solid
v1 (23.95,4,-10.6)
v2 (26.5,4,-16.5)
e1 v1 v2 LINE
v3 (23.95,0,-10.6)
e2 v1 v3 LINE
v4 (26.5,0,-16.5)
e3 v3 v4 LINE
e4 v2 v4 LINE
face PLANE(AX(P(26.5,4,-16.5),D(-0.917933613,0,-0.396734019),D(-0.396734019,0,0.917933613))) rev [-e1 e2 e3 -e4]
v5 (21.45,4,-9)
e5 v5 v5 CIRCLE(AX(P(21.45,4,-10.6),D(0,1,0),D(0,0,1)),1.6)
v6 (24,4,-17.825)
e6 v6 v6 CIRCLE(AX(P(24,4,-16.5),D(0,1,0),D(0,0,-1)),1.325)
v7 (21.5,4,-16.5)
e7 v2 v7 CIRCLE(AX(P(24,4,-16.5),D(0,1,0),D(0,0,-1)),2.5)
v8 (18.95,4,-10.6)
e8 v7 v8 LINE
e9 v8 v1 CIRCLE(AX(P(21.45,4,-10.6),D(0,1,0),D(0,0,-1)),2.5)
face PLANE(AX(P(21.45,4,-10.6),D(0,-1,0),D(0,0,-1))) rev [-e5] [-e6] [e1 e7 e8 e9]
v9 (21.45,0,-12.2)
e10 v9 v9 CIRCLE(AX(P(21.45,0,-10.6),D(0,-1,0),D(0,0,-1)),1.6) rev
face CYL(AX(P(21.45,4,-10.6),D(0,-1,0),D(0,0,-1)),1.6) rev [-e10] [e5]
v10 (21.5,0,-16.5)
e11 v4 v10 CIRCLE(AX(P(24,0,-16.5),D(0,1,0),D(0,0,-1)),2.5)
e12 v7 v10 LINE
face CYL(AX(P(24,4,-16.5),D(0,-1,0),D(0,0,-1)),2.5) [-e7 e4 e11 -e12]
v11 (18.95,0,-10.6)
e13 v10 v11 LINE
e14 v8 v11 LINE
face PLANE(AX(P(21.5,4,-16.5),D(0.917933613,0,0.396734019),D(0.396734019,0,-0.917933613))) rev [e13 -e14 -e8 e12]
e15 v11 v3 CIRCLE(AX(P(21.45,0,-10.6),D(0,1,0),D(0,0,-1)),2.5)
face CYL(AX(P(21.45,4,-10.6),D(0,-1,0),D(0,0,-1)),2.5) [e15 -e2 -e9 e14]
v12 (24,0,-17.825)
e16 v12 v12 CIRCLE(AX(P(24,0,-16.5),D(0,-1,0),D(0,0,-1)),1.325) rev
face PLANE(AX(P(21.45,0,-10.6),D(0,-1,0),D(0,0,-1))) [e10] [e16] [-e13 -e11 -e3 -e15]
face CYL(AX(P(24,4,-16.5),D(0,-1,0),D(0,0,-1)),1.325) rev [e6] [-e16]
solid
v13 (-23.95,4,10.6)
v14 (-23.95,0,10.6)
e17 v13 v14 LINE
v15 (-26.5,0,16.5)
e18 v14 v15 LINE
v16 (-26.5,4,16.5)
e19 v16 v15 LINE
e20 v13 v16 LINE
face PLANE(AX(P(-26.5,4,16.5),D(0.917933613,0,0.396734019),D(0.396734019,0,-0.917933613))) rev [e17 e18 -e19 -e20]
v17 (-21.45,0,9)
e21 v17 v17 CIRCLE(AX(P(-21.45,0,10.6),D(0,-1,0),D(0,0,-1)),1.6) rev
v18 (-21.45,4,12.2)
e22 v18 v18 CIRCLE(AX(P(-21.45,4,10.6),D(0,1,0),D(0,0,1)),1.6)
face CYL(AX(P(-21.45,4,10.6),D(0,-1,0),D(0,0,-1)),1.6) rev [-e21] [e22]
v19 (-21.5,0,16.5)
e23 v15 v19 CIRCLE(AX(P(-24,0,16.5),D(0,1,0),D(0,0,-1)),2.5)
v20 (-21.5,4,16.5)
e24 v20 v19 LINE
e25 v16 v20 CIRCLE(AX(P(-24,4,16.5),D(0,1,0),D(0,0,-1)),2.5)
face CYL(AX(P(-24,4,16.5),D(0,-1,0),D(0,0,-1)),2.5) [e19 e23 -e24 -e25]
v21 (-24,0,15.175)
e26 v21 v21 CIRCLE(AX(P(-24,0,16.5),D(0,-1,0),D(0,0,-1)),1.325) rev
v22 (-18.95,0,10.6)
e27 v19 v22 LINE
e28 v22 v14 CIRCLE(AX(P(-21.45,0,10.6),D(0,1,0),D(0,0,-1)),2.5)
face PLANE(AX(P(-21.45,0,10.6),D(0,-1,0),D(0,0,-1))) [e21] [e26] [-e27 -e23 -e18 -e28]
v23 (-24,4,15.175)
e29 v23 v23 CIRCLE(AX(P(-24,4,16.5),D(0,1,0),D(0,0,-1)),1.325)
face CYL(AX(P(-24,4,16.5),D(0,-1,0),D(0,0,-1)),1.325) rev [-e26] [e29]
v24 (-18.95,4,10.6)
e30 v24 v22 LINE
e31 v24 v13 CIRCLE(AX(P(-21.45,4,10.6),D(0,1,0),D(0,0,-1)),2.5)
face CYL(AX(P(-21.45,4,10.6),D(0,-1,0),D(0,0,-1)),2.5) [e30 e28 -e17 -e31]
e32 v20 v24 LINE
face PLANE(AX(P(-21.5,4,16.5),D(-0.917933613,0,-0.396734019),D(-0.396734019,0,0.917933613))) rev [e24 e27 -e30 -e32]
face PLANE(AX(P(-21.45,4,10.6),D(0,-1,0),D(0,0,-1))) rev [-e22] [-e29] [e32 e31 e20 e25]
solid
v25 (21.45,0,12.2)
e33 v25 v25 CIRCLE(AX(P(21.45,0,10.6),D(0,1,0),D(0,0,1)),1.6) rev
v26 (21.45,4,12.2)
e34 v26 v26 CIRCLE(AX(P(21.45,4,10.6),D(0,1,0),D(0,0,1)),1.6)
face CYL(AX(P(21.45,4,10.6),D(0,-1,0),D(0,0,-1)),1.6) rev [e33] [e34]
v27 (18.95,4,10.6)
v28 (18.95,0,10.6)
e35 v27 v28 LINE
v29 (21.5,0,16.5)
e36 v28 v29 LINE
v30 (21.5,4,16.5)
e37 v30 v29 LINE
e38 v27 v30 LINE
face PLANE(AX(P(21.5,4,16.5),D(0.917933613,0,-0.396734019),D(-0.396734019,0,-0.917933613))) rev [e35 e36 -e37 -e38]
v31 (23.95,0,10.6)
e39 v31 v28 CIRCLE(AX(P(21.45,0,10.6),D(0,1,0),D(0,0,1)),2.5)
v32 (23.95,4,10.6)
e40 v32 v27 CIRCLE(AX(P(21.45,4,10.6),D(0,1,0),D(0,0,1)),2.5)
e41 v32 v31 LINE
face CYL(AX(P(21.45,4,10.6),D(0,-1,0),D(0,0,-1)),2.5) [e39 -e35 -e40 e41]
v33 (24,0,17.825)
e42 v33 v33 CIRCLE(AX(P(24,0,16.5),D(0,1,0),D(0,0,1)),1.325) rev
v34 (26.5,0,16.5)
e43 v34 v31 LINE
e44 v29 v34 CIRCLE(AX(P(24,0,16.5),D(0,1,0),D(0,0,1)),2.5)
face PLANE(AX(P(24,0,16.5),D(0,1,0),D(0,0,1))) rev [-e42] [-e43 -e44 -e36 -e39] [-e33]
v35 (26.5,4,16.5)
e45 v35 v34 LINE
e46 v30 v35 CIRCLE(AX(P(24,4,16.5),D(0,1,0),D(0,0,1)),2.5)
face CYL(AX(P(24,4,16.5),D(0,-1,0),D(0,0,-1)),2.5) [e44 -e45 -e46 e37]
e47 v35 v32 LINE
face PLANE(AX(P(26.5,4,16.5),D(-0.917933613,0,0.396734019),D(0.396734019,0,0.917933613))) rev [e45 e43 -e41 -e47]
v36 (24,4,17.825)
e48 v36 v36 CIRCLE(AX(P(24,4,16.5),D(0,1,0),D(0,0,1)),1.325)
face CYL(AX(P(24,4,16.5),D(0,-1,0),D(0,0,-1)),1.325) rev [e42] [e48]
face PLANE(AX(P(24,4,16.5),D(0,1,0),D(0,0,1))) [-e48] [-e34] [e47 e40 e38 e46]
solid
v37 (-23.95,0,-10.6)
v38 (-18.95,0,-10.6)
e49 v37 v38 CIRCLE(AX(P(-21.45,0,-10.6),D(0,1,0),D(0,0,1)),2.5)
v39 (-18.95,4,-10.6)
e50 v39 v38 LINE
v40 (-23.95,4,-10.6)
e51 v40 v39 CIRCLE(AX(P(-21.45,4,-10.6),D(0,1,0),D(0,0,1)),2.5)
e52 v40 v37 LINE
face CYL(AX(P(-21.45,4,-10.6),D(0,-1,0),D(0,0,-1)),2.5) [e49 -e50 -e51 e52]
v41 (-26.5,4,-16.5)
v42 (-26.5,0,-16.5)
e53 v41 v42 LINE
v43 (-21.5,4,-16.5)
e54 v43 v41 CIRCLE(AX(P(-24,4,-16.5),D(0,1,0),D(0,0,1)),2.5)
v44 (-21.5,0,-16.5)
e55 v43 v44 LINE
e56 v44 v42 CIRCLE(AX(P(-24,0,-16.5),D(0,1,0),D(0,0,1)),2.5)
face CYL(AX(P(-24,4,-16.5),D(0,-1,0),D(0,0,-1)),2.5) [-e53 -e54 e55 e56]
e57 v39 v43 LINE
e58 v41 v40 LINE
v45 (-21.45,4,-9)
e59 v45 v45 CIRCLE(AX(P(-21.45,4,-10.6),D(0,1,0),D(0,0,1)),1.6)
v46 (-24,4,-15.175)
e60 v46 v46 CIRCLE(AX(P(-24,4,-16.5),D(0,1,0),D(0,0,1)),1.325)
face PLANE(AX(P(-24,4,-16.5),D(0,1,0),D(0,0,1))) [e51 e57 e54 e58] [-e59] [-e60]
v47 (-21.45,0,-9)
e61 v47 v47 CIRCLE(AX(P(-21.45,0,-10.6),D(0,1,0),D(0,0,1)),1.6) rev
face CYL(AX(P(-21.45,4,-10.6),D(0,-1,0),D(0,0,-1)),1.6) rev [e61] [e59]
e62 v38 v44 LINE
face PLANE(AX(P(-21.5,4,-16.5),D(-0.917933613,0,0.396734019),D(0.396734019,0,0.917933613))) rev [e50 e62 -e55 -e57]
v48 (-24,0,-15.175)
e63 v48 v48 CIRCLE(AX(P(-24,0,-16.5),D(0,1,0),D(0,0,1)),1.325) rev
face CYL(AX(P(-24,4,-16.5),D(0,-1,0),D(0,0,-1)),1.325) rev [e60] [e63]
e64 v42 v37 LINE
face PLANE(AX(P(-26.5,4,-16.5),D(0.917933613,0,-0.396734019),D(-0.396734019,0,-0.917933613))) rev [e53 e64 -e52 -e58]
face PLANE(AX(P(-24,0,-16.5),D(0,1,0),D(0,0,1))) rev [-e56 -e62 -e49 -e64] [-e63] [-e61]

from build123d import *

# Parameters (mm, degrees)
BOSS_EXTRUDE1_DEPTH     = 4
BOSS_EXTRUDE1_2_DEPTH   = 4
BOSS_EXTRUDE1_3_DEPTH   = 4
BOSS_EXTRUDE1_4_DEPTH   = 4
CUT_EXTRUDE1_DEPTH      = 33.851940582
CUT_EXTRUDE1_DEPTH_BACK = 33.851940582
SKETCH1_R               = 1.325
CUT_EXTRUDE2_DEPTH      = 33.851940582
CUT_EXTRUDE2_DEPTH_BACK = 33.851940582
SKETCH4_R               = 1.6


with BuildPart() as part:
    # Sketch5 → Boss-Extrude1 (new body)
    with BuildSketch(Plane(origin=(0, 0, 0), x_dir=(1, 0, 0), z_dir=(0, 1, 0))):
        with BuildLine():
            Line((-26.5, 16.5), (-23.95, 10.6))
            ThreePointArc((-23.95, 10.6), (-21.45, 8.1), (-18.95, 10.6))
            Line((-18.95, 10.6), (-21.5, 16.5))
            ThreePointArc((-21.5, 16.5), (-24, 19), (-26.5, 16.5))
        make_face()
    extrude(amount=BOSS_EXTRUDE1_DEPTH)


with BuildPart() as body_2:
    # Sketch5 → Boss-Extrude1 2 (new body)
    with BuildSketch(Plane(origin=(0, 0, 0), x_dir=(1, 0, 0), z_dir=(0, 1, 0))):
        with BuildLine():
            Line((21.5, 16.5), (18.95, 10.6))
            ThreePointArc((18.95, 10.6), (21.45, 8.1), (23.95, 10.6))
            Line((23.95, 10.6), (26.5, 16.5))
            ThreePointArc((26.5, 16.5), (24, 19), (21.5, 16.5))
        make_face()
    extrude(amount=BOSS_EXTRUDE1_2_DEPTH)


with BuildPart() as body_3:
    # Sketch5 → Boss-Extrude1 3 (new body)
    with BuildSketch(Plane(origin=(0, 0, 0), x_dir=(1, 0, 0), z_dir=(0, 1, 0))):
        with BuildLine():
            Line((26.5, -16.5), (23.95, -10.6))
            ThreePointArc((23.95, -10.6), (21.45, -8.1), (18.95, -10.6))
            Line((18.95, -10.6), (21.5, -16.5))
            ThreePointArc((21.5, -16.5), (24, -19), (26.5, -16.5))
        make_face()
    extrude(amount=BOSS_EXTRUDE1_3_DEPTH)


with BuildPart() as body_4:
    # Sketch5 → Boss-Extrude1 4 (new body)
    with BuildSketch(Plane(origin=(0, 0, 0), x_dir=(1, 0, 0), z_dir=(0, 1, 0))):
        with BuildLine():
            Line((-21.5, -16.5), (-18.95, -10.6))
            ThreePointArc((-18.95, -10.6), (-21.45, -8.1), (-23.95, -10.6))
            Line((-23.95, -10.6), (-26.5, -16.5))
            ThreePointArc((-26.5, -16.5), (-24, -19), (-21.5, -16.5))
        make_face()
    extrude(amount=BOSS_EXTRUDE1_4_DEPTH)


with BuildPart() as cut_extrude1_tool:
    # Sketch1 → Cut-Extrude1 (new, two sides: drawn at the far end of the back side and taken through both)
    with BuildSketch(Plane(origin=(0, 0, 0), x_dir=(1, 0, 0), z_dir=(0, 1, 0)).offset(-CUT_EXTRUDE1_DEPTH_BACK)):
        with Locations(Location((-24, 16.5, 0), (0, 0, 270))):
            Circle(SKETCH1_R)
        with Locations(Location((24, 16.5, 0), (0, 0, 90))):
            Circle(SKETCH1_R)
        with Locations(Location((-24, -16.5, 0), (0, 0, 90))):
            Circle(SKETCH1_R)
        with Locations(Location((24, -16.5, 0), (0, 0, 270))):
            Circle(SKETCH1_R)
    extrude(amount=CUT_EXTRUDE1_DEPTH + CUT_EXTRUDE1_DEPTH_BACK)


with BuildPart() as part_1:
    add(part.part)

    # Cut-Extrude1: cut by cut_extrude1_tool
    add(cut_extrude1_tool.part, mode=Mode.SUBTRACT)


with BuildPart() as body_2_1:
    add(body_2.part)

    # Cut-Extrude1: cut by cut_extrude1_tool
    add(cut_extrude1_tool.part, mode=Mode.SUBTRACT)


with BuildPart() as body_3_1:
    add(body_3.part)

    # Cut-Extrude1: cut by cut_extrude1_tool
    add(cut_extrude1_tool.part, mode=Mode.SUBTRACT)


with BuildPart() as body_4_1:
    add(body_4.part)

    # Cut-Extrude1: cut by cut_extrude1_tool
    add(cut_extrude1_tool.part, mode=Mode.SUBTRACT)


with BuildPart() as cut_extrude2_tool:
    # Sketch4 → Cut-Extrude2 (new, two sides: drawn at the far end of the back side and taken through both)
    with BuildSketch(Plane(origin=(0, 0, 0), x_dir=(1, 0, 0), z_dir=(0, 1, 0)).offset(-CUT_EXTRUDE2_DEPTH_BACK)):
        with Locations(Location((-21.45, 10.6, 0), (0, 0, 270))):
            Circle(SKETCH4_R)
        with Locations(Location((21.45, 10.6, 0), (0, 0, 90))):
            Circle(SKETCH4_R)
        with Locations(Location((-21.45, -10.6, 0), (0, 0, 90))):
            Circle(SKETCH4_R)
        with Locations(Location((21.45, -10.6, 0), (0, 0, 270))):
            Circle(SKETCH4_R)
    extrude(amount=CUT_EXTRUDE2_DEPTH + CUT_EXTRUDE2_DEPTH_BACK)


with BuildPart() as part_2:
    add(part_1.part)

    # Cut-Extrude2: cut by cut_extrude2_tool
    add(cut_extrude2_tool.part, mode=Mode.SUBTRACT)


with BuildPart() as body_2_2:
    add(body_2_1.part)

    # Cut-Extrude2: cut by cut_extrude2_tool
    add(cut_extrude2_tool.part, mode=Mode.SUBTRACT)


with BuildPart() as body_3_2:
    add(body_3_1.part)

    # Cut-Extrude2: cut by cut_extrude2_tool
    add(cut_extrude2_tool.part, mode=Mode.SUBTRACT)


with BuildPart() as body_4_2:
    add(body_4_1.part)

    # Cut-Extrude2: cut by cut_extrude2_tool
    add(cut_extrude2_tool.part, mode=Mode.SUBTRACT)


solid = Compound([part_2.part, body_2_2.part, body_3_2.part, body_4_2.part])
